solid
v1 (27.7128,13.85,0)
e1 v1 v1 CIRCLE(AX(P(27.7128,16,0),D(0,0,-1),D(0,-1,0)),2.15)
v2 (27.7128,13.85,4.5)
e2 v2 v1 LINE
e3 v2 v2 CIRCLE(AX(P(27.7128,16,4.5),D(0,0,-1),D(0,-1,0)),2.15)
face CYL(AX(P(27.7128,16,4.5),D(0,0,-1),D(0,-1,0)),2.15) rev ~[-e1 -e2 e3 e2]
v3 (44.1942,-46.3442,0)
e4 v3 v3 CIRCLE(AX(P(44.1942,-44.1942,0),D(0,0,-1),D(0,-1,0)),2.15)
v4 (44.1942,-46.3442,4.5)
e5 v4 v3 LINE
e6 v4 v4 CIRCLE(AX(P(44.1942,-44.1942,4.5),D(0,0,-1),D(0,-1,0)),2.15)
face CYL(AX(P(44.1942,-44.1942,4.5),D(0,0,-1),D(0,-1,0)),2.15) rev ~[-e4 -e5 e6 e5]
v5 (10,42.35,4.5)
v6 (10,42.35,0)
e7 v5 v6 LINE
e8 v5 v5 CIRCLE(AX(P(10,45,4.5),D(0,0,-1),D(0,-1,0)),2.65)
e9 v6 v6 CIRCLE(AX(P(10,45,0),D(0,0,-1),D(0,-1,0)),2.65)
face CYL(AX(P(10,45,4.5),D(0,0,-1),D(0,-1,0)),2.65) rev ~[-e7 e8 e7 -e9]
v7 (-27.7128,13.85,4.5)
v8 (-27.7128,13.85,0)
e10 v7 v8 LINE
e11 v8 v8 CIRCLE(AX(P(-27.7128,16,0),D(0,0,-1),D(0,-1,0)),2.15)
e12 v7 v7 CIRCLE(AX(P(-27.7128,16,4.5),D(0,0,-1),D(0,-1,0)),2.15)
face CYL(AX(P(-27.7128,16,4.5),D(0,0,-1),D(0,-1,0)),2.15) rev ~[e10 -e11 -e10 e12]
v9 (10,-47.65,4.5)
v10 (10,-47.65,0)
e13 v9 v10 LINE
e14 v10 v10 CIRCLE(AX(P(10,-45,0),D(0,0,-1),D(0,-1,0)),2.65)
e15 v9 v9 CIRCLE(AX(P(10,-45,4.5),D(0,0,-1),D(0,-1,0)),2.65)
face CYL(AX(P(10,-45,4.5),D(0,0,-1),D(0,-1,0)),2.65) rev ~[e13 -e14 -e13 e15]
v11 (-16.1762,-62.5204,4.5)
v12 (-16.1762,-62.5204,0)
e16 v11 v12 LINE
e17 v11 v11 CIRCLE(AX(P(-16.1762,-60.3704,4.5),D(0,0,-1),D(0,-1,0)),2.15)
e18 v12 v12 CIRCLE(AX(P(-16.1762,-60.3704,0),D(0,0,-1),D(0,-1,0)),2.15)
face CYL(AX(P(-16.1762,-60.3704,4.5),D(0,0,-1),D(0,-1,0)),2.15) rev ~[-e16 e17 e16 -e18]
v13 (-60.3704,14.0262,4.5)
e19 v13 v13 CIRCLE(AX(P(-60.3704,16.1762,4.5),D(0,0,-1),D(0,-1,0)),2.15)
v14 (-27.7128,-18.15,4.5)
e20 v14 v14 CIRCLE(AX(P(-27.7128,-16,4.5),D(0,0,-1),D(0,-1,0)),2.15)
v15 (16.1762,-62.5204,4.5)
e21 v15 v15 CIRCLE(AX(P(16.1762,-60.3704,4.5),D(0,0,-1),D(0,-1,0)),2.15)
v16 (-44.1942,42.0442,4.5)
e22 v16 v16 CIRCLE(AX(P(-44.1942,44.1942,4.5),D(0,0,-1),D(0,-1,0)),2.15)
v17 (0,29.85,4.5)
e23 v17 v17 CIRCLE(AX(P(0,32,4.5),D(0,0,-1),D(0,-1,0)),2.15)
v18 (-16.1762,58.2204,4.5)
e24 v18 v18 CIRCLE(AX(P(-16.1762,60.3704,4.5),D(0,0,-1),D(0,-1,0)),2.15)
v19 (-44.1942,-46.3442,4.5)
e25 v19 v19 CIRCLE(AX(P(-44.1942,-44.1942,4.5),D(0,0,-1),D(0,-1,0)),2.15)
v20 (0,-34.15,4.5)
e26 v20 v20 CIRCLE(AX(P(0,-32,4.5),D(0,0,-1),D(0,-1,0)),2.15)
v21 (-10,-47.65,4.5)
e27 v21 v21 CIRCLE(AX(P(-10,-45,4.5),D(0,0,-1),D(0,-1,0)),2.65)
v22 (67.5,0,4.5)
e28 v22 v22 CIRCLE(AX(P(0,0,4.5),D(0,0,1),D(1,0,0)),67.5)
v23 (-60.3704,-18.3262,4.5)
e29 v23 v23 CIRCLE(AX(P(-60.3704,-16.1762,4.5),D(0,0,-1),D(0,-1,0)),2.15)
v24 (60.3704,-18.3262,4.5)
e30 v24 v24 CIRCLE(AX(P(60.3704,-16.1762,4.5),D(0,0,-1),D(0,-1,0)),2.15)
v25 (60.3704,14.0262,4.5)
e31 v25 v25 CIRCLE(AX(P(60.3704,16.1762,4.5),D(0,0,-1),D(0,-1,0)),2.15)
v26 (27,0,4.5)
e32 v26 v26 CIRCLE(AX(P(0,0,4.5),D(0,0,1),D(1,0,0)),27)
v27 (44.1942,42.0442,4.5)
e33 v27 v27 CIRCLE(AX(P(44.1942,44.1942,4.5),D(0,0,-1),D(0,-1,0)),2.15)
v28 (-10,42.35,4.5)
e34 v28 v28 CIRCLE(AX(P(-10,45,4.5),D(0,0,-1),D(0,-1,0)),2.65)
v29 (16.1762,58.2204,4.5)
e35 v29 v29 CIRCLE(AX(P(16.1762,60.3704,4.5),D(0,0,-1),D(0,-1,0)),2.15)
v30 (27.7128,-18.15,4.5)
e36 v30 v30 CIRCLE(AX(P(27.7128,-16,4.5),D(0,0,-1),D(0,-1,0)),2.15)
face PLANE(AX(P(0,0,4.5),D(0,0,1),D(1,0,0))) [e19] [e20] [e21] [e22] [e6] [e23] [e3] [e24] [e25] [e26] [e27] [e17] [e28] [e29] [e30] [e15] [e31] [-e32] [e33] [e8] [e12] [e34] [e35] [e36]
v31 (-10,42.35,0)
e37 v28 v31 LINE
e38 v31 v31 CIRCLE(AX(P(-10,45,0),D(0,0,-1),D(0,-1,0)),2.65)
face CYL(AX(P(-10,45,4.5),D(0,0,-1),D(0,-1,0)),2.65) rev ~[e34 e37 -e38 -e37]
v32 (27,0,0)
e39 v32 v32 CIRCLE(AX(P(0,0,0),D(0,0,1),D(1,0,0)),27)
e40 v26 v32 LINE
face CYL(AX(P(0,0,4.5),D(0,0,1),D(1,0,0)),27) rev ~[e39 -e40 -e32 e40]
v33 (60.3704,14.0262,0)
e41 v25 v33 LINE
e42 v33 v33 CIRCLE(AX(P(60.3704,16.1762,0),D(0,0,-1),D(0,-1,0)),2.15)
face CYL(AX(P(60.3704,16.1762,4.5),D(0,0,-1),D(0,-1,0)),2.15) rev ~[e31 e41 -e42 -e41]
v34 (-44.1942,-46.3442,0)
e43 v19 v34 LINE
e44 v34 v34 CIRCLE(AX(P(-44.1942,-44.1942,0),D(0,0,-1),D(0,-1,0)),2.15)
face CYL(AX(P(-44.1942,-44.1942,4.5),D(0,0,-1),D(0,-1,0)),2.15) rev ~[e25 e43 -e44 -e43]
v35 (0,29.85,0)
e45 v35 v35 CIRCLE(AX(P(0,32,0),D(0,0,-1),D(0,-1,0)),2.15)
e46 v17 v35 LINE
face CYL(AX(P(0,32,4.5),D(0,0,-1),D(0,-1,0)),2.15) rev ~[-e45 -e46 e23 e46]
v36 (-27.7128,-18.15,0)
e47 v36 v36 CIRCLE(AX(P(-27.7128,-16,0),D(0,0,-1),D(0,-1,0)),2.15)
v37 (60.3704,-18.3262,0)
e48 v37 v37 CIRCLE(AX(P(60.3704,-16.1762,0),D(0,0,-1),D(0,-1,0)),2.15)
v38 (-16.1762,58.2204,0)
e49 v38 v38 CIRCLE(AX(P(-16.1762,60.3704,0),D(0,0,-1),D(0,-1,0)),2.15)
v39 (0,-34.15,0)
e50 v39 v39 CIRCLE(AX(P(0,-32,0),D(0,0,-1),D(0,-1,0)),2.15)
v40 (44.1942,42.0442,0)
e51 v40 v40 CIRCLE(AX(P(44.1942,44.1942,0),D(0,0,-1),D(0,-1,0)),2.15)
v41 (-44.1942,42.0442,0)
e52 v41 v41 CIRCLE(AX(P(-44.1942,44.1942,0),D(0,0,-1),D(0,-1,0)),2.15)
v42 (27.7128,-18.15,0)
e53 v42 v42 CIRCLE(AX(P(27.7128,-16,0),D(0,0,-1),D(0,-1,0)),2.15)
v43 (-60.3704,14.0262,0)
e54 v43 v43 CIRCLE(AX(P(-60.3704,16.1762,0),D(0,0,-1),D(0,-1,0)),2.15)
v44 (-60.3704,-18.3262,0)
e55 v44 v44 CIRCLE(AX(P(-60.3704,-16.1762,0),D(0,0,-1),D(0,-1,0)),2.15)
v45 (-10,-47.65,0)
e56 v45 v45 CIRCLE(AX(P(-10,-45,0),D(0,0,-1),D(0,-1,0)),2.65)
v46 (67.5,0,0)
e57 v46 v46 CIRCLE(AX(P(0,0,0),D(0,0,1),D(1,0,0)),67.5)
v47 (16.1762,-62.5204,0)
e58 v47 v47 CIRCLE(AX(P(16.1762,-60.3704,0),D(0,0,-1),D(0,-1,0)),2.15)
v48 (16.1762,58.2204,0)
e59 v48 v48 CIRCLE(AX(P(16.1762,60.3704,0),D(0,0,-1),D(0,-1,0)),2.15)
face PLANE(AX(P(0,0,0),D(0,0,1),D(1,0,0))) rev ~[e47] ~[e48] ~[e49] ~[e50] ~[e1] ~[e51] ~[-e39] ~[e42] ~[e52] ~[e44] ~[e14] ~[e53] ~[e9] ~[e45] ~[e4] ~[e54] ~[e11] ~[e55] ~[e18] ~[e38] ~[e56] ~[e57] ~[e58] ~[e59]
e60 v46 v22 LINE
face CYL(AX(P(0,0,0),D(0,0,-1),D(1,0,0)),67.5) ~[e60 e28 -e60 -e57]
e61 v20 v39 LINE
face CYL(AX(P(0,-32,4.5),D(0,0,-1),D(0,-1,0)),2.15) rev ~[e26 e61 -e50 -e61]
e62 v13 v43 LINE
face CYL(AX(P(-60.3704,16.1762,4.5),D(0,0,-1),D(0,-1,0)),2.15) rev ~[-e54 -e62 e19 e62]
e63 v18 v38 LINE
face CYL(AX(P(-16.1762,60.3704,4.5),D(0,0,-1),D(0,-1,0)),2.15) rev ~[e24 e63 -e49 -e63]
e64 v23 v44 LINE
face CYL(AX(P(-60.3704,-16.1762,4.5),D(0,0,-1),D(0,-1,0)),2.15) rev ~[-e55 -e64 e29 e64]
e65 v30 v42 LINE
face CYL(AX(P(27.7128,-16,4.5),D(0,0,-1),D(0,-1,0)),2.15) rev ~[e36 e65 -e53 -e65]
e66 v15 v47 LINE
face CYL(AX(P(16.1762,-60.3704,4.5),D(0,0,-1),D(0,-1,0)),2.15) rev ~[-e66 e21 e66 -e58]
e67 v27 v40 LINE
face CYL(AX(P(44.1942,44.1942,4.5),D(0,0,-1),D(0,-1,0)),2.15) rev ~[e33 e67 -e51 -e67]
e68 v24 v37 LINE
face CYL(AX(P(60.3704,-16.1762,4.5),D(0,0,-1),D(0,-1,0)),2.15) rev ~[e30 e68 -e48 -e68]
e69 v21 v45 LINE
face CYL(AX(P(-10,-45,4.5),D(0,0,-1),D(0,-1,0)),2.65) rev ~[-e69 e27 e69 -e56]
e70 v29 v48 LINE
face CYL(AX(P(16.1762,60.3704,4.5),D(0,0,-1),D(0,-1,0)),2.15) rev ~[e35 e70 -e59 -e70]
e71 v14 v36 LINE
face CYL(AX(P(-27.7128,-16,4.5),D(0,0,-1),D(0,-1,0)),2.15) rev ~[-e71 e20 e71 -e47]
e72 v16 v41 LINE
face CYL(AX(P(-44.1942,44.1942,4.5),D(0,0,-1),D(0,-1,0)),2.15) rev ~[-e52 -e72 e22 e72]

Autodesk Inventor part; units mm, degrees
ref_plane "YZ Plane" through (0, 0, 0) normal (1, 0, 0) x (0, 1, 0)
ref_plane "XZ Plane" through (0, 0, 0) normal (0, 1, 0) x (-1, 0, 0)
ref_plane "XY Plane" through (0, 0, 0) normal (0, 0, 1) x (1, 0, 0)
sketch "スケッチ1" plane through (0, 0, 0) normal (0, 0, 1) x (1, 0, 0)
  line L0 (-20, -100) -> (20, -100)
  circle A0 centre (0, 0) radius 67.5
  dimension "d47" = 135
extrude "プレート1" add sketch "スケッチ1" along normal blind 4.5
sketch "スケッチ2" plane through (0, 0, 4.5) normal (0, 0, 1) x (1, 0, 0)
  circle A0 centre (0, 0) radius 62.5
  point P0 (-44.1942, -44.1942)
  point P1 (-16.1762, -60.3704)
  point P2 (16.1762, -60.3704)
  point P3 (44.1942, -44.1942)
  point P4 (60.3704, -16.1762)
  point P5 (60.3704, 16.1762)
  point P6 (44.1942, 44.1942)
  point P7 (16.1762, 60.3704)
  point P8 (-16.1762, 60.3704)
  point P9 (-44.1942, 44.1942)
  point P10 (-60.3704, 16.1762)
  point P11 (-60.3704, -16.1762)
  dimension "d5" = 125
  dimension "d8" = 360
  dimension "d51" = 0
hole "穴1" at (-60.3704, -16.1762, 4.5) at (-60.3704, 16.1762, 4.5) at (-44.1942, 44.1942, 4.5) at (-16.1762, 60.3704, 4.5) at (16.1762, 60.3704, 4.5) at (44.1942, 44.1942, 4.5) at (60.3704, 16.1762, 4.5) at (60.3704, -16.1762, 4.5) at (44.1942, -44.1942, 4.5) at (16.1762, -60.3704, 4.5) at (-16.1762, -60.3704, 4.5) at (-44.1942, -44.1942, 4.5) direction (0, 0, -1) diameter 4.3 end through all clearance for "Socket Head Cap Screw" size "M4" standard "Ansi Metric M Profile"
sketch "スケッチ3" plane through (0, 0, 4.5) normal (0, 0, 1) x (1, 0, 0)
  circle A0 centre (0, 0) radius 27
  dimension "d18" = 54
extrude "押し出し1" cut sketch "スケッチ3" against normal blind 10
sketch "スケッチ4" plane through (0, 0, 4.5) normal (0, 0, 1) x (1, 0, 0)
  line L0 (10, -45) -> (-10, -45)
  line L1 (-10, -45) -> (-10, 45)
  line L2 (-10, 45) -> (10, 45)
  line L3 (10, 45) -> (10, -45)
  line L4 (10, -45) -> (-10, 45) construction
  line L5 (-10, -45) -> (10, 45) construction
  circle A0 centre (0, 0) radius 45.5
  point P0 (0, 0)
  point P1 (0, 0)
  dimension "d21" = 20
  dimension "d46" = 91
  dimension "d48" = 90
hole "穴2" at (-10, 45, 4.5) at (10, 45, 4.5) at (-10, -45, 4.5) at (10, -45, 4.5) direction (0, 0, -1) diameter 5.3 end through all clearance for "Socket Head Cap Screw" size "M5" standard "Ansi Metric M Profile"
sketch "スケッチ5" plane through (0, 0, 4.5) normal (0, 0, 1) x (1, 0, 0)
  circle A0 centre (0, 0) radius 32
  point P0 (0, 32)
  point P1 (-27.7128, 16)
  point P2 (-27.7128, -16)
  point P3 (0, -32)
  point P4 (27.7128, -16)
  point P5 (27.7128, 16)
  dimension "d33" = 64
  dimension "d36" = 360
  dimension "d49" = 0
hole "穴3" at (0, 32, 4.5) at (-27.7128, 16, 4.5) at (-27.7128, -16, 4.5) at (0, -32, 4.5) at (27.7128, -16, 4.5) at (27.7128, 16, 4.5) direction (0, 0, -1) diameter 4.3 end through all clearance for "Socket Head Cap Screw" size "M4" standard "Ansi Metric M Profile"
equation "\"d16\" = Thickness"
equation "\"d44\" = Thickness"
equation "\"d3\" = Thickness"
equation "\"BendRadius\" = Thickness"
equation "\"BendReliefWidth\" = Thickness"
equation "\"BendReliefDepth\" = 0.5 * Thickness"
equation "\"CornerReliefSize\" = 4 * Thickness"
equation "\"MinimumRemnant\" = 2 * Thickness"
equation "\"TransitionRadius\" = BendRadius"
equation "\"JacobiRadiusSize\" = BendRadius"
equation "\"GapSize\" = Thickness"
equation "\"Thickness\" = 4.5"
properties part number "scara-plate1" material "鋼、炭素鋼"
